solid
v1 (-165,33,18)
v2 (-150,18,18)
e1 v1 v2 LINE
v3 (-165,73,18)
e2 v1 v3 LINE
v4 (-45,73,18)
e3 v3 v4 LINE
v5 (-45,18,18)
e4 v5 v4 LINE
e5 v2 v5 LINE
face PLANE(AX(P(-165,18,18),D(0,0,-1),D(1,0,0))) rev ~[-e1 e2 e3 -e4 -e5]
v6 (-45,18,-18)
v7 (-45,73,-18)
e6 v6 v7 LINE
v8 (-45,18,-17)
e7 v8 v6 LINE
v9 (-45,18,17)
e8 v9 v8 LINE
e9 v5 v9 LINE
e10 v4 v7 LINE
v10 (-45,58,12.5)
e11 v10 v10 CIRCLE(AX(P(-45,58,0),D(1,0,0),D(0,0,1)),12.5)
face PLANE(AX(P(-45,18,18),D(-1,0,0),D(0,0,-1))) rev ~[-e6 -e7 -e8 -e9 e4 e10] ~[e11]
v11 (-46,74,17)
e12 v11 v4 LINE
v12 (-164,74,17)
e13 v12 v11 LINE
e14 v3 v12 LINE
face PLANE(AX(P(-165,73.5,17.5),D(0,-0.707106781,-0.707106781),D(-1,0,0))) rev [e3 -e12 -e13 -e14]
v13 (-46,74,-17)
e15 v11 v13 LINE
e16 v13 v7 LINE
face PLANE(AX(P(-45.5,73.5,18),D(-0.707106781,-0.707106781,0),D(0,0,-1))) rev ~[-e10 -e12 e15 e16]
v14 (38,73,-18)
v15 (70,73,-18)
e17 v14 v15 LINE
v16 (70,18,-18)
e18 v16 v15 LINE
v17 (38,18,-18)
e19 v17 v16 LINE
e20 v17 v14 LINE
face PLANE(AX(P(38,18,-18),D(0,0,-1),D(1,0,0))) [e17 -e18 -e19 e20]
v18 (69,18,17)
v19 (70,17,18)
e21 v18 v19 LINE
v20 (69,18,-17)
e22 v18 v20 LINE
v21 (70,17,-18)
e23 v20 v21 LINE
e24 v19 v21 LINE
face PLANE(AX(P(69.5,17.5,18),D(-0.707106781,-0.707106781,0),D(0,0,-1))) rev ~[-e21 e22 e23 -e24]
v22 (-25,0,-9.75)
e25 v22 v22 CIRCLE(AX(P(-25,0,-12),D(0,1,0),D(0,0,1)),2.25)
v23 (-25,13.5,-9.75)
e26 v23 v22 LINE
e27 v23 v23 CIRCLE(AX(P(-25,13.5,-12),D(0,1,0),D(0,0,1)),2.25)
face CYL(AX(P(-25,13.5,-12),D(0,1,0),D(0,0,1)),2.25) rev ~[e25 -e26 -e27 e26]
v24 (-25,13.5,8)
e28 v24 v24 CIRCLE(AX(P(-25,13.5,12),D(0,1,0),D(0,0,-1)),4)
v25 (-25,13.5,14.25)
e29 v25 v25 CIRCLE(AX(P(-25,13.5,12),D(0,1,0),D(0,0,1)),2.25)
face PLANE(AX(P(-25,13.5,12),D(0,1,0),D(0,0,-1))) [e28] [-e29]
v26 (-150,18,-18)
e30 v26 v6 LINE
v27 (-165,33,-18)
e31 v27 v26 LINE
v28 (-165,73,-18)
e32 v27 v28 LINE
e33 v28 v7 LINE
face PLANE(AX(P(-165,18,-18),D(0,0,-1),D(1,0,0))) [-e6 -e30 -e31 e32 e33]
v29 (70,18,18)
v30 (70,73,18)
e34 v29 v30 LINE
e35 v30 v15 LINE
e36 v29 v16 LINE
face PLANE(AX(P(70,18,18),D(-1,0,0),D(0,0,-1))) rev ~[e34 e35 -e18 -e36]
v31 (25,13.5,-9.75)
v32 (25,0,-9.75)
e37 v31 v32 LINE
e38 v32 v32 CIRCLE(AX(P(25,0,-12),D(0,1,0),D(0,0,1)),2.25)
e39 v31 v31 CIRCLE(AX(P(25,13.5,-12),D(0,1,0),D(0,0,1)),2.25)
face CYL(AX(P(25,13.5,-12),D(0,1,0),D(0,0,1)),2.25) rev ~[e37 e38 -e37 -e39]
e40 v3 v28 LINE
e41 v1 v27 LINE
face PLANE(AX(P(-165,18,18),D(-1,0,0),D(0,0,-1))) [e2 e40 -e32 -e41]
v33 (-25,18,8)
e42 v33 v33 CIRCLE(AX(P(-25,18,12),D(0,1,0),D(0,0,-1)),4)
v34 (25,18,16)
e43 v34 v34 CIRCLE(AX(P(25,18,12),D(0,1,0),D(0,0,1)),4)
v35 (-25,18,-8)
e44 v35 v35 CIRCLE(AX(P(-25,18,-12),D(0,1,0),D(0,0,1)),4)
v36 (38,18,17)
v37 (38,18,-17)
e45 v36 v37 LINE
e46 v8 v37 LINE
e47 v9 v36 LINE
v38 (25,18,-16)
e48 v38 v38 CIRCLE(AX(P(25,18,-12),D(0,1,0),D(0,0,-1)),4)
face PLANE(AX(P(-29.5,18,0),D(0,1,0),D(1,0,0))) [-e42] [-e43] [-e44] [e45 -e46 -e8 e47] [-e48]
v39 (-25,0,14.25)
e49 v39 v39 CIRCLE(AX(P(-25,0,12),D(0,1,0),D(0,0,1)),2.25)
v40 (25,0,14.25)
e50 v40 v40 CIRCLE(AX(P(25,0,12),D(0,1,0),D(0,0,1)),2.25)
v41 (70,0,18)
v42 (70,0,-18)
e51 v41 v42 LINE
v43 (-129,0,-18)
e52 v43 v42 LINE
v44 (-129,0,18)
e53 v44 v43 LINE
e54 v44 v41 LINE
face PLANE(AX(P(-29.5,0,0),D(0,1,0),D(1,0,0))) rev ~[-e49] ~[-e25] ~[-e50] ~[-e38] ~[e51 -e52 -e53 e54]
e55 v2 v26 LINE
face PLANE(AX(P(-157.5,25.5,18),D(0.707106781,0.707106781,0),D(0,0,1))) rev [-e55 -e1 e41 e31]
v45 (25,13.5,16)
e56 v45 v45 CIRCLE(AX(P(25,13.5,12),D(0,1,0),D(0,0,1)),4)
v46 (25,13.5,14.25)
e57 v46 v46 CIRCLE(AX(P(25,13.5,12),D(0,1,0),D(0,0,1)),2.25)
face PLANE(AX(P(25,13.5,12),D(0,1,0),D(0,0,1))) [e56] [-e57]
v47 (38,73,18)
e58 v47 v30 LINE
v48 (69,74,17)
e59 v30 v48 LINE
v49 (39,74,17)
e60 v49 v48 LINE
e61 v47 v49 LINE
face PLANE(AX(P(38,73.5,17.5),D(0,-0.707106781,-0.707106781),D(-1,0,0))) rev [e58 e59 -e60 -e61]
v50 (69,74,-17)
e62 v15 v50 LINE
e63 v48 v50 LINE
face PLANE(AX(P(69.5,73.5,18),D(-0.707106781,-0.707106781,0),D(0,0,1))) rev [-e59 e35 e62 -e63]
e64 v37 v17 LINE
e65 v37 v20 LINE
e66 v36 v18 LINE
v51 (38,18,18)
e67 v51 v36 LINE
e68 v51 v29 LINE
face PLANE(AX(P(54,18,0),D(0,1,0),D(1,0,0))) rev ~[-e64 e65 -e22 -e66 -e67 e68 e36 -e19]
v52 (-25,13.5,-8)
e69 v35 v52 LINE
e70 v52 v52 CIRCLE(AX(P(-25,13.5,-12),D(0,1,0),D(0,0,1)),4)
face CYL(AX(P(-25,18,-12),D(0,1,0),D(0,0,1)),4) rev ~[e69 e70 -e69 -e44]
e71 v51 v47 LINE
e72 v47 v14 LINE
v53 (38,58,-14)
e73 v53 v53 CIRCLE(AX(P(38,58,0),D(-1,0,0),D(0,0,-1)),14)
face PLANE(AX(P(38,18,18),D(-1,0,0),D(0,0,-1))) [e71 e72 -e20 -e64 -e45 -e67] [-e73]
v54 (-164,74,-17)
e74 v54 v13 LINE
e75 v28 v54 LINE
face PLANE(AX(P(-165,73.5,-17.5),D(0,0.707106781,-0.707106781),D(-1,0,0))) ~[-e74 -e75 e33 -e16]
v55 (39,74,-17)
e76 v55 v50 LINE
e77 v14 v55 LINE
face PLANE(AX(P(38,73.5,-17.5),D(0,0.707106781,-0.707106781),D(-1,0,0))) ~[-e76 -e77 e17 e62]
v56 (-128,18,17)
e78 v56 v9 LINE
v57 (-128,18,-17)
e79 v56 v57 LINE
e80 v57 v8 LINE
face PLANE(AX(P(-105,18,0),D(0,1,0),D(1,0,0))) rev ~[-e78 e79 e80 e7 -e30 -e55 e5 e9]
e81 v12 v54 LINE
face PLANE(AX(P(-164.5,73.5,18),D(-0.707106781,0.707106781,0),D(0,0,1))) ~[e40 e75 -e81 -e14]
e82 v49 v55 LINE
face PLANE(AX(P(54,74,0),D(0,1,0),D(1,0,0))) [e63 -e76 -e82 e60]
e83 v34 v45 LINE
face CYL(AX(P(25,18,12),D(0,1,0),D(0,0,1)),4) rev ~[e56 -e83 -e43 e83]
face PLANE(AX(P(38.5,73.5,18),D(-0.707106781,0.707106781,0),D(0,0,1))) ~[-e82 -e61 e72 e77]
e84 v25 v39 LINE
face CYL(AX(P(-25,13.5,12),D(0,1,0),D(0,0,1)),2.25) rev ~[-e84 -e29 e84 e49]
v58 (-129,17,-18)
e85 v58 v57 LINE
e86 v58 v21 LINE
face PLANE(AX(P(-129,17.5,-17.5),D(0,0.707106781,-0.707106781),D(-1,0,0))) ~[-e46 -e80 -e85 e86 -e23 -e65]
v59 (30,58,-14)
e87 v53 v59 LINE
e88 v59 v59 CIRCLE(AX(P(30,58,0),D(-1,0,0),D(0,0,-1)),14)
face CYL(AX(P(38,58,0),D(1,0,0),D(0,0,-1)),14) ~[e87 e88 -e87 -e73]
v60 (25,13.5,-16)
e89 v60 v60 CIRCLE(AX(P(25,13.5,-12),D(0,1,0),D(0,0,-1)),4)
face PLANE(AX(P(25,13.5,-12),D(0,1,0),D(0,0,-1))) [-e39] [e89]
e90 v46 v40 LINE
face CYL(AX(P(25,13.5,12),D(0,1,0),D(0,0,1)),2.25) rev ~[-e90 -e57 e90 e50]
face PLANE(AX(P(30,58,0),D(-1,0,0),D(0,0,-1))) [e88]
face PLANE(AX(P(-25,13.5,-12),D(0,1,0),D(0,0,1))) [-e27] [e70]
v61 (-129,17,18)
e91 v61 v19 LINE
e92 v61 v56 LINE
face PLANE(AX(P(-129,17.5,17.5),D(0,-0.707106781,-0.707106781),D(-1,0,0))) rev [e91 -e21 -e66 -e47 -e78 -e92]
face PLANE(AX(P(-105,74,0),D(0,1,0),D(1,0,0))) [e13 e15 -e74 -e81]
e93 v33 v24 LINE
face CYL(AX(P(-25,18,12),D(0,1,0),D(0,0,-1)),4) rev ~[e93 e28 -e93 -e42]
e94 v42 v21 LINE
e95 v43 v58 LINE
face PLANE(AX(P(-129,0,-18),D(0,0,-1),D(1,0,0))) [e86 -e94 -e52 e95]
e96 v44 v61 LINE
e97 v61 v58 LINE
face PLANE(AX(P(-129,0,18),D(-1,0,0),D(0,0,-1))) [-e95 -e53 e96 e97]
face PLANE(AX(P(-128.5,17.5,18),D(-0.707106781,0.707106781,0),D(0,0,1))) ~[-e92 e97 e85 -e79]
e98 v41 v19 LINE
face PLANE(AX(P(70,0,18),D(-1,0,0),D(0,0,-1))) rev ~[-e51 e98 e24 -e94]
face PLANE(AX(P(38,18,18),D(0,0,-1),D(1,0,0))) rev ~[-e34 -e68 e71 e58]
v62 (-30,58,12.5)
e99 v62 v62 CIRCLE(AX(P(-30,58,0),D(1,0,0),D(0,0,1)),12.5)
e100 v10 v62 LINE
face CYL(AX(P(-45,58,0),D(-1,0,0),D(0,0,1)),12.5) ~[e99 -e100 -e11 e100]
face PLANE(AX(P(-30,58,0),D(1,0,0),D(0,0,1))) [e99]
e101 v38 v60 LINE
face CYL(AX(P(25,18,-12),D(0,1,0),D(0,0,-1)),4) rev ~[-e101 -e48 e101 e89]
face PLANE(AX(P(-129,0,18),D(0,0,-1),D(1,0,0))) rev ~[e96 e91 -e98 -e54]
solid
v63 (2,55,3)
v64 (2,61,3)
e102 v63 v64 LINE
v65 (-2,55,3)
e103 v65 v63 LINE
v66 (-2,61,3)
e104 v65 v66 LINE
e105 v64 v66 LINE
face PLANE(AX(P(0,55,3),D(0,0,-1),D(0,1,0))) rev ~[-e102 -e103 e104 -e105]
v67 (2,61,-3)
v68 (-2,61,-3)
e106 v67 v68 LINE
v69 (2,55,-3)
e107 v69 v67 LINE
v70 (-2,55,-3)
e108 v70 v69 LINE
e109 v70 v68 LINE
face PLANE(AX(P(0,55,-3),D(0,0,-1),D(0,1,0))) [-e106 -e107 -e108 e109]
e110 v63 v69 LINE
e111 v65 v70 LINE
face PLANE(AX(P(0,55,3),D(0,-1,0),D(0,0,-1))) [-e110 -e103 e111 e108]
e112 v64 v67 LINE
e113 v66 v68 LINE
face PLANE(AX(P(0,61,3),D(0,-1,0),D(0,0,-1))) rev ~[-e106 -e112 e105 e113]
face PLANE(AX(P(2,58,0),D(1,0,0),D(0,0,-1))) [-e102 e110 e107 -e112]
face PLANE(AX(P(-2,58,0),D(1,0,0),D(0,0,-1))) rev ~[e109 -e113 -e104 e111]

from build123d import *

# Parameters (mm, degrees)
SKETCH1_W           = 199
SKETCH1_H           = 36
BOSS_EXTRUDE1_DEPTH = 18
SKETCH2_R           = 4
CUT_EXTRUDE1_DEPTH  = 4.5
CUT_EXTRUDE2_REACH  = 132.948
SKETCH3_R           = 2.25
CHAMFER1_SIZE       = 1
SKETCH4_W           = 120
SKETCH4_H           = 36
SKETCH4_W_2         = 32
BOSS_EXTRUDE2_DEPTH = 56
CHAMFER2_SIZE       = 1
CHAMFER3_SIZE       = 15
SKETCH5_R           = 12.5
BOSS_EXTRUDE3_DEPTH = 15
SKETCH6_R           = 14
BOSS_EXTRUDE4_DEPTH = 8
SKETCH7_W           = 6
SKETCH7_H           = 6
BOSS_EXTRUDE5_DEPTH = 2


with BuildPart() as part:
    # Sketch1 → Boss-Extrude1 (new body)
    with BuildSketch(Plane(origin=(0, 0, 0), x_dir=(1, 0, 0), z_dir=(0, 1, 0))):
        with Locations((-29.5, 0)):
            Rectangle(SKETCH1_W, SKETCH1_H)
    extrude(amount=BOSS_EXTRUDE1_DEPTH)

    # Sketch2 → Cut-Extrude1 (cut)
    with BuildSketch(Plane(origin=(0, 18, 0), x_dir=(1, 0, 0), z_dir=(0, 1, 0))):
        with Locations(Location((-25, 12, 0), (0, 0, 270))):
            Circle(SKETCH2_R)
        with Locations(Location((25, 12, 0), (0, 0, 90))):
            Circle(SKETCH2_R)
        with Locations(Location((25, -12, 0), (0, 0, 270))):
            Circle(SKETCH2_R)
        with Locations(Location((-25, -12, 0), (0, 0, 90))):
            Circle(SKETCH2_R)
    extrude(amount=-CUT_EXTRUDE1_DEPTH, mode=Mode.SUBTRACT)

    # Sketch3 → Cut-Extrude2 (cut, up to next)
    with BuildSketch(Plane(origin=(0, 13.5, 0), x_dir=(1, 0, 0), z_dir=(0, 1, 0)), mode=Mode.PRIVATE) as cut_extrude2_sk1:
        with Locations(Location((-25, 12, 0), (0, 0, 270))):
            Circle(SKETCH3_R)
    cut_extrude2_tool1 = extrude(cut_extrude2_sk1.sketch, amount=-CUT_EXTRUDE2_REACH, mode=Mode.PRIVATE) & part.part
    # Sketch3 → Cut-Extrude2 (cut, up to next)
    with BuildSketch(Plane(origin=(0, 13.5, 0), x_dir=(1, 0, 0), z_dir=(0, 1, 0)), mode=Mode.PRIVATE) as cut_extrude2_sk2:
        with Locations(Location((-25, -12, 0), (0, 0, 270))):
            Circle(SKETCH3_R)
    cut_extrude2_tool2 = extrude(cut_extrude2_sk2.sketch, amount=-CUT_EXTRUDE2_REACH, mode=Mode.PRIVATE) & part.part
    # Sketch3 → Cut-Extrude2 (cut, up to next)
    with BuildSketch(Plane(origin=(0, 13.5, 0), x_dir=(1, 0, 0), z_dir=(0, 1, 0)), mode=Mode.PRIVATE) as cut_extrude2_sk3:
        with Locations(Location((25, 12, 0), (0, 0, 270))):
            Circle(SKETCH3_R)
    cut_extrude2_tool3 = extrude(cut_extrude2_sk3.sketch, amount=-CUT_EXTRUDE2_REACH, mode=Mode.PRIVATE) & part.part
    # Sketch3 → Cut-Extrude2 (cut, up to next)
    with BuildSketch(Plane(origin=(0, 13.5, 0), x_dir=(1, 0, 0), z_dir=(0, 1, 0)), mode=Mode.PRIVATE) as cut_extrude2_sk4:
        with Locations(Location((25, -12, 0), (0, 0, 270))):
            Circle(SKETCH3_R)
    cut_extrude2_tool4 = extrude(cut_extrude2_sk4.sketch, amount=-CUT_EXTRUDE2_REACH, mode=Mode.PRIVATE) & part.part
    add(cut_extrude2_tool1.solids().sort_by_distance((-25, 13.5, -12))[0], mode=Mode.SUBTRACT)
    add(cut_extrude2_tool2.solids().sort_by_distance((-25, 13.5, 12))[0], mode=Mode.SUBTRACT)
    add(cut_extrude2_tool3.solids().sort_by_distance((25, 13.5, -12))[0], mode=Mode.SUBTRACT)
    add(cut_extrude2_tool4.solids().sort_by_distance((25, 13.5, 12))[0], mode=Mode.SUBTRACT)

    # Chamfer1
    chamfer1_edges = [part.edges().sort_by_distance(p)[0] for p in [
        (70, 18, 0),
        (-29.5, 18, -18),
        (-129, 18, 0),
        (-29.5, 18, 18),
    ]]
    chamfer(chamfer1_edges, length=CHAMFER1_SIZE)

    # Sketch4 → Boss-Extrude2 (add)
    with BuildSketch(Plane(origin=(0, 18, 0), x_dir=(1, 0, 0), z_dir=(0, 1, 0))):
        with Locations((-105, 0)):
            Rectangle(SKETCH4_W, SKETCH4_H)
        with Locations((54, 0)):
            Rectangle(SKETCH4_W_2, SKETCH4_H)
    extrude(amount=BOSS_EXTRUDE2_DEPTH)

    # Chamfer2
    chamfer2_edges = [part.edges().sort_by_distance(p)[0] for p in [
        (-45, 74, 0),
        (-105, 74, -18),
        (-165, 74, 0),
        (-105, 74, 18),
        (38, 74, 0),
        (54, 74, 18),
        (70, 74, 0),
        (54, 74, -18),
    ]]
    chamfer(chamfer2_edges, length=CHAMFER2_SIZE)

    # Chamfer3
    chamfer3_edges = [part.edges().sort_by_distance(p)[0] for p in [
        (-165, 18, 0),
    ]]
    chamfer(chamfer3_edges, length=CHAMFER3_SIZE)

    # Sketch5 → Boss-Extrude3 (add)
    with BuildSketch(Plane(origin=(-45, 0, 0), x_dir=(0, 0, -1), z_dir=(1, 0, 0))):
        with Locations(Location((0, 58, 0), (0, 0, 180))):
            Circle(SKETCH5_R)
    extrude(amount=BOSS_EXTRUDE3_DEPTH)

    # Sketch6 → Boss-Extrude4 (add)
    with BuildSketch(Plane.ZY.offset(-38)):
        with Locations(Location((0, 58, 0), (0, 0, 180))):
            Circle(SKETCH6_R)
    extrude(amount=BOSS_EXTRUDE4_DEPTH)


with BuildPart() as body_2:
    # Sketch7 → Boss-Extrude5 (new, symmetric)
    with BuildSketch(Plane(origin=(0, 0, 0), x_dir=(0, 0, -1), z_dir=(1, 0, 0))):
        with Locations((0, 58)):
            Rectangle(SKETCH7_W, SKETCH7_H)
    extrude(amount=BOSS_EXTRUDE5_DEPTH, both=True)


solid = Compound([part.part, body_2.part])
